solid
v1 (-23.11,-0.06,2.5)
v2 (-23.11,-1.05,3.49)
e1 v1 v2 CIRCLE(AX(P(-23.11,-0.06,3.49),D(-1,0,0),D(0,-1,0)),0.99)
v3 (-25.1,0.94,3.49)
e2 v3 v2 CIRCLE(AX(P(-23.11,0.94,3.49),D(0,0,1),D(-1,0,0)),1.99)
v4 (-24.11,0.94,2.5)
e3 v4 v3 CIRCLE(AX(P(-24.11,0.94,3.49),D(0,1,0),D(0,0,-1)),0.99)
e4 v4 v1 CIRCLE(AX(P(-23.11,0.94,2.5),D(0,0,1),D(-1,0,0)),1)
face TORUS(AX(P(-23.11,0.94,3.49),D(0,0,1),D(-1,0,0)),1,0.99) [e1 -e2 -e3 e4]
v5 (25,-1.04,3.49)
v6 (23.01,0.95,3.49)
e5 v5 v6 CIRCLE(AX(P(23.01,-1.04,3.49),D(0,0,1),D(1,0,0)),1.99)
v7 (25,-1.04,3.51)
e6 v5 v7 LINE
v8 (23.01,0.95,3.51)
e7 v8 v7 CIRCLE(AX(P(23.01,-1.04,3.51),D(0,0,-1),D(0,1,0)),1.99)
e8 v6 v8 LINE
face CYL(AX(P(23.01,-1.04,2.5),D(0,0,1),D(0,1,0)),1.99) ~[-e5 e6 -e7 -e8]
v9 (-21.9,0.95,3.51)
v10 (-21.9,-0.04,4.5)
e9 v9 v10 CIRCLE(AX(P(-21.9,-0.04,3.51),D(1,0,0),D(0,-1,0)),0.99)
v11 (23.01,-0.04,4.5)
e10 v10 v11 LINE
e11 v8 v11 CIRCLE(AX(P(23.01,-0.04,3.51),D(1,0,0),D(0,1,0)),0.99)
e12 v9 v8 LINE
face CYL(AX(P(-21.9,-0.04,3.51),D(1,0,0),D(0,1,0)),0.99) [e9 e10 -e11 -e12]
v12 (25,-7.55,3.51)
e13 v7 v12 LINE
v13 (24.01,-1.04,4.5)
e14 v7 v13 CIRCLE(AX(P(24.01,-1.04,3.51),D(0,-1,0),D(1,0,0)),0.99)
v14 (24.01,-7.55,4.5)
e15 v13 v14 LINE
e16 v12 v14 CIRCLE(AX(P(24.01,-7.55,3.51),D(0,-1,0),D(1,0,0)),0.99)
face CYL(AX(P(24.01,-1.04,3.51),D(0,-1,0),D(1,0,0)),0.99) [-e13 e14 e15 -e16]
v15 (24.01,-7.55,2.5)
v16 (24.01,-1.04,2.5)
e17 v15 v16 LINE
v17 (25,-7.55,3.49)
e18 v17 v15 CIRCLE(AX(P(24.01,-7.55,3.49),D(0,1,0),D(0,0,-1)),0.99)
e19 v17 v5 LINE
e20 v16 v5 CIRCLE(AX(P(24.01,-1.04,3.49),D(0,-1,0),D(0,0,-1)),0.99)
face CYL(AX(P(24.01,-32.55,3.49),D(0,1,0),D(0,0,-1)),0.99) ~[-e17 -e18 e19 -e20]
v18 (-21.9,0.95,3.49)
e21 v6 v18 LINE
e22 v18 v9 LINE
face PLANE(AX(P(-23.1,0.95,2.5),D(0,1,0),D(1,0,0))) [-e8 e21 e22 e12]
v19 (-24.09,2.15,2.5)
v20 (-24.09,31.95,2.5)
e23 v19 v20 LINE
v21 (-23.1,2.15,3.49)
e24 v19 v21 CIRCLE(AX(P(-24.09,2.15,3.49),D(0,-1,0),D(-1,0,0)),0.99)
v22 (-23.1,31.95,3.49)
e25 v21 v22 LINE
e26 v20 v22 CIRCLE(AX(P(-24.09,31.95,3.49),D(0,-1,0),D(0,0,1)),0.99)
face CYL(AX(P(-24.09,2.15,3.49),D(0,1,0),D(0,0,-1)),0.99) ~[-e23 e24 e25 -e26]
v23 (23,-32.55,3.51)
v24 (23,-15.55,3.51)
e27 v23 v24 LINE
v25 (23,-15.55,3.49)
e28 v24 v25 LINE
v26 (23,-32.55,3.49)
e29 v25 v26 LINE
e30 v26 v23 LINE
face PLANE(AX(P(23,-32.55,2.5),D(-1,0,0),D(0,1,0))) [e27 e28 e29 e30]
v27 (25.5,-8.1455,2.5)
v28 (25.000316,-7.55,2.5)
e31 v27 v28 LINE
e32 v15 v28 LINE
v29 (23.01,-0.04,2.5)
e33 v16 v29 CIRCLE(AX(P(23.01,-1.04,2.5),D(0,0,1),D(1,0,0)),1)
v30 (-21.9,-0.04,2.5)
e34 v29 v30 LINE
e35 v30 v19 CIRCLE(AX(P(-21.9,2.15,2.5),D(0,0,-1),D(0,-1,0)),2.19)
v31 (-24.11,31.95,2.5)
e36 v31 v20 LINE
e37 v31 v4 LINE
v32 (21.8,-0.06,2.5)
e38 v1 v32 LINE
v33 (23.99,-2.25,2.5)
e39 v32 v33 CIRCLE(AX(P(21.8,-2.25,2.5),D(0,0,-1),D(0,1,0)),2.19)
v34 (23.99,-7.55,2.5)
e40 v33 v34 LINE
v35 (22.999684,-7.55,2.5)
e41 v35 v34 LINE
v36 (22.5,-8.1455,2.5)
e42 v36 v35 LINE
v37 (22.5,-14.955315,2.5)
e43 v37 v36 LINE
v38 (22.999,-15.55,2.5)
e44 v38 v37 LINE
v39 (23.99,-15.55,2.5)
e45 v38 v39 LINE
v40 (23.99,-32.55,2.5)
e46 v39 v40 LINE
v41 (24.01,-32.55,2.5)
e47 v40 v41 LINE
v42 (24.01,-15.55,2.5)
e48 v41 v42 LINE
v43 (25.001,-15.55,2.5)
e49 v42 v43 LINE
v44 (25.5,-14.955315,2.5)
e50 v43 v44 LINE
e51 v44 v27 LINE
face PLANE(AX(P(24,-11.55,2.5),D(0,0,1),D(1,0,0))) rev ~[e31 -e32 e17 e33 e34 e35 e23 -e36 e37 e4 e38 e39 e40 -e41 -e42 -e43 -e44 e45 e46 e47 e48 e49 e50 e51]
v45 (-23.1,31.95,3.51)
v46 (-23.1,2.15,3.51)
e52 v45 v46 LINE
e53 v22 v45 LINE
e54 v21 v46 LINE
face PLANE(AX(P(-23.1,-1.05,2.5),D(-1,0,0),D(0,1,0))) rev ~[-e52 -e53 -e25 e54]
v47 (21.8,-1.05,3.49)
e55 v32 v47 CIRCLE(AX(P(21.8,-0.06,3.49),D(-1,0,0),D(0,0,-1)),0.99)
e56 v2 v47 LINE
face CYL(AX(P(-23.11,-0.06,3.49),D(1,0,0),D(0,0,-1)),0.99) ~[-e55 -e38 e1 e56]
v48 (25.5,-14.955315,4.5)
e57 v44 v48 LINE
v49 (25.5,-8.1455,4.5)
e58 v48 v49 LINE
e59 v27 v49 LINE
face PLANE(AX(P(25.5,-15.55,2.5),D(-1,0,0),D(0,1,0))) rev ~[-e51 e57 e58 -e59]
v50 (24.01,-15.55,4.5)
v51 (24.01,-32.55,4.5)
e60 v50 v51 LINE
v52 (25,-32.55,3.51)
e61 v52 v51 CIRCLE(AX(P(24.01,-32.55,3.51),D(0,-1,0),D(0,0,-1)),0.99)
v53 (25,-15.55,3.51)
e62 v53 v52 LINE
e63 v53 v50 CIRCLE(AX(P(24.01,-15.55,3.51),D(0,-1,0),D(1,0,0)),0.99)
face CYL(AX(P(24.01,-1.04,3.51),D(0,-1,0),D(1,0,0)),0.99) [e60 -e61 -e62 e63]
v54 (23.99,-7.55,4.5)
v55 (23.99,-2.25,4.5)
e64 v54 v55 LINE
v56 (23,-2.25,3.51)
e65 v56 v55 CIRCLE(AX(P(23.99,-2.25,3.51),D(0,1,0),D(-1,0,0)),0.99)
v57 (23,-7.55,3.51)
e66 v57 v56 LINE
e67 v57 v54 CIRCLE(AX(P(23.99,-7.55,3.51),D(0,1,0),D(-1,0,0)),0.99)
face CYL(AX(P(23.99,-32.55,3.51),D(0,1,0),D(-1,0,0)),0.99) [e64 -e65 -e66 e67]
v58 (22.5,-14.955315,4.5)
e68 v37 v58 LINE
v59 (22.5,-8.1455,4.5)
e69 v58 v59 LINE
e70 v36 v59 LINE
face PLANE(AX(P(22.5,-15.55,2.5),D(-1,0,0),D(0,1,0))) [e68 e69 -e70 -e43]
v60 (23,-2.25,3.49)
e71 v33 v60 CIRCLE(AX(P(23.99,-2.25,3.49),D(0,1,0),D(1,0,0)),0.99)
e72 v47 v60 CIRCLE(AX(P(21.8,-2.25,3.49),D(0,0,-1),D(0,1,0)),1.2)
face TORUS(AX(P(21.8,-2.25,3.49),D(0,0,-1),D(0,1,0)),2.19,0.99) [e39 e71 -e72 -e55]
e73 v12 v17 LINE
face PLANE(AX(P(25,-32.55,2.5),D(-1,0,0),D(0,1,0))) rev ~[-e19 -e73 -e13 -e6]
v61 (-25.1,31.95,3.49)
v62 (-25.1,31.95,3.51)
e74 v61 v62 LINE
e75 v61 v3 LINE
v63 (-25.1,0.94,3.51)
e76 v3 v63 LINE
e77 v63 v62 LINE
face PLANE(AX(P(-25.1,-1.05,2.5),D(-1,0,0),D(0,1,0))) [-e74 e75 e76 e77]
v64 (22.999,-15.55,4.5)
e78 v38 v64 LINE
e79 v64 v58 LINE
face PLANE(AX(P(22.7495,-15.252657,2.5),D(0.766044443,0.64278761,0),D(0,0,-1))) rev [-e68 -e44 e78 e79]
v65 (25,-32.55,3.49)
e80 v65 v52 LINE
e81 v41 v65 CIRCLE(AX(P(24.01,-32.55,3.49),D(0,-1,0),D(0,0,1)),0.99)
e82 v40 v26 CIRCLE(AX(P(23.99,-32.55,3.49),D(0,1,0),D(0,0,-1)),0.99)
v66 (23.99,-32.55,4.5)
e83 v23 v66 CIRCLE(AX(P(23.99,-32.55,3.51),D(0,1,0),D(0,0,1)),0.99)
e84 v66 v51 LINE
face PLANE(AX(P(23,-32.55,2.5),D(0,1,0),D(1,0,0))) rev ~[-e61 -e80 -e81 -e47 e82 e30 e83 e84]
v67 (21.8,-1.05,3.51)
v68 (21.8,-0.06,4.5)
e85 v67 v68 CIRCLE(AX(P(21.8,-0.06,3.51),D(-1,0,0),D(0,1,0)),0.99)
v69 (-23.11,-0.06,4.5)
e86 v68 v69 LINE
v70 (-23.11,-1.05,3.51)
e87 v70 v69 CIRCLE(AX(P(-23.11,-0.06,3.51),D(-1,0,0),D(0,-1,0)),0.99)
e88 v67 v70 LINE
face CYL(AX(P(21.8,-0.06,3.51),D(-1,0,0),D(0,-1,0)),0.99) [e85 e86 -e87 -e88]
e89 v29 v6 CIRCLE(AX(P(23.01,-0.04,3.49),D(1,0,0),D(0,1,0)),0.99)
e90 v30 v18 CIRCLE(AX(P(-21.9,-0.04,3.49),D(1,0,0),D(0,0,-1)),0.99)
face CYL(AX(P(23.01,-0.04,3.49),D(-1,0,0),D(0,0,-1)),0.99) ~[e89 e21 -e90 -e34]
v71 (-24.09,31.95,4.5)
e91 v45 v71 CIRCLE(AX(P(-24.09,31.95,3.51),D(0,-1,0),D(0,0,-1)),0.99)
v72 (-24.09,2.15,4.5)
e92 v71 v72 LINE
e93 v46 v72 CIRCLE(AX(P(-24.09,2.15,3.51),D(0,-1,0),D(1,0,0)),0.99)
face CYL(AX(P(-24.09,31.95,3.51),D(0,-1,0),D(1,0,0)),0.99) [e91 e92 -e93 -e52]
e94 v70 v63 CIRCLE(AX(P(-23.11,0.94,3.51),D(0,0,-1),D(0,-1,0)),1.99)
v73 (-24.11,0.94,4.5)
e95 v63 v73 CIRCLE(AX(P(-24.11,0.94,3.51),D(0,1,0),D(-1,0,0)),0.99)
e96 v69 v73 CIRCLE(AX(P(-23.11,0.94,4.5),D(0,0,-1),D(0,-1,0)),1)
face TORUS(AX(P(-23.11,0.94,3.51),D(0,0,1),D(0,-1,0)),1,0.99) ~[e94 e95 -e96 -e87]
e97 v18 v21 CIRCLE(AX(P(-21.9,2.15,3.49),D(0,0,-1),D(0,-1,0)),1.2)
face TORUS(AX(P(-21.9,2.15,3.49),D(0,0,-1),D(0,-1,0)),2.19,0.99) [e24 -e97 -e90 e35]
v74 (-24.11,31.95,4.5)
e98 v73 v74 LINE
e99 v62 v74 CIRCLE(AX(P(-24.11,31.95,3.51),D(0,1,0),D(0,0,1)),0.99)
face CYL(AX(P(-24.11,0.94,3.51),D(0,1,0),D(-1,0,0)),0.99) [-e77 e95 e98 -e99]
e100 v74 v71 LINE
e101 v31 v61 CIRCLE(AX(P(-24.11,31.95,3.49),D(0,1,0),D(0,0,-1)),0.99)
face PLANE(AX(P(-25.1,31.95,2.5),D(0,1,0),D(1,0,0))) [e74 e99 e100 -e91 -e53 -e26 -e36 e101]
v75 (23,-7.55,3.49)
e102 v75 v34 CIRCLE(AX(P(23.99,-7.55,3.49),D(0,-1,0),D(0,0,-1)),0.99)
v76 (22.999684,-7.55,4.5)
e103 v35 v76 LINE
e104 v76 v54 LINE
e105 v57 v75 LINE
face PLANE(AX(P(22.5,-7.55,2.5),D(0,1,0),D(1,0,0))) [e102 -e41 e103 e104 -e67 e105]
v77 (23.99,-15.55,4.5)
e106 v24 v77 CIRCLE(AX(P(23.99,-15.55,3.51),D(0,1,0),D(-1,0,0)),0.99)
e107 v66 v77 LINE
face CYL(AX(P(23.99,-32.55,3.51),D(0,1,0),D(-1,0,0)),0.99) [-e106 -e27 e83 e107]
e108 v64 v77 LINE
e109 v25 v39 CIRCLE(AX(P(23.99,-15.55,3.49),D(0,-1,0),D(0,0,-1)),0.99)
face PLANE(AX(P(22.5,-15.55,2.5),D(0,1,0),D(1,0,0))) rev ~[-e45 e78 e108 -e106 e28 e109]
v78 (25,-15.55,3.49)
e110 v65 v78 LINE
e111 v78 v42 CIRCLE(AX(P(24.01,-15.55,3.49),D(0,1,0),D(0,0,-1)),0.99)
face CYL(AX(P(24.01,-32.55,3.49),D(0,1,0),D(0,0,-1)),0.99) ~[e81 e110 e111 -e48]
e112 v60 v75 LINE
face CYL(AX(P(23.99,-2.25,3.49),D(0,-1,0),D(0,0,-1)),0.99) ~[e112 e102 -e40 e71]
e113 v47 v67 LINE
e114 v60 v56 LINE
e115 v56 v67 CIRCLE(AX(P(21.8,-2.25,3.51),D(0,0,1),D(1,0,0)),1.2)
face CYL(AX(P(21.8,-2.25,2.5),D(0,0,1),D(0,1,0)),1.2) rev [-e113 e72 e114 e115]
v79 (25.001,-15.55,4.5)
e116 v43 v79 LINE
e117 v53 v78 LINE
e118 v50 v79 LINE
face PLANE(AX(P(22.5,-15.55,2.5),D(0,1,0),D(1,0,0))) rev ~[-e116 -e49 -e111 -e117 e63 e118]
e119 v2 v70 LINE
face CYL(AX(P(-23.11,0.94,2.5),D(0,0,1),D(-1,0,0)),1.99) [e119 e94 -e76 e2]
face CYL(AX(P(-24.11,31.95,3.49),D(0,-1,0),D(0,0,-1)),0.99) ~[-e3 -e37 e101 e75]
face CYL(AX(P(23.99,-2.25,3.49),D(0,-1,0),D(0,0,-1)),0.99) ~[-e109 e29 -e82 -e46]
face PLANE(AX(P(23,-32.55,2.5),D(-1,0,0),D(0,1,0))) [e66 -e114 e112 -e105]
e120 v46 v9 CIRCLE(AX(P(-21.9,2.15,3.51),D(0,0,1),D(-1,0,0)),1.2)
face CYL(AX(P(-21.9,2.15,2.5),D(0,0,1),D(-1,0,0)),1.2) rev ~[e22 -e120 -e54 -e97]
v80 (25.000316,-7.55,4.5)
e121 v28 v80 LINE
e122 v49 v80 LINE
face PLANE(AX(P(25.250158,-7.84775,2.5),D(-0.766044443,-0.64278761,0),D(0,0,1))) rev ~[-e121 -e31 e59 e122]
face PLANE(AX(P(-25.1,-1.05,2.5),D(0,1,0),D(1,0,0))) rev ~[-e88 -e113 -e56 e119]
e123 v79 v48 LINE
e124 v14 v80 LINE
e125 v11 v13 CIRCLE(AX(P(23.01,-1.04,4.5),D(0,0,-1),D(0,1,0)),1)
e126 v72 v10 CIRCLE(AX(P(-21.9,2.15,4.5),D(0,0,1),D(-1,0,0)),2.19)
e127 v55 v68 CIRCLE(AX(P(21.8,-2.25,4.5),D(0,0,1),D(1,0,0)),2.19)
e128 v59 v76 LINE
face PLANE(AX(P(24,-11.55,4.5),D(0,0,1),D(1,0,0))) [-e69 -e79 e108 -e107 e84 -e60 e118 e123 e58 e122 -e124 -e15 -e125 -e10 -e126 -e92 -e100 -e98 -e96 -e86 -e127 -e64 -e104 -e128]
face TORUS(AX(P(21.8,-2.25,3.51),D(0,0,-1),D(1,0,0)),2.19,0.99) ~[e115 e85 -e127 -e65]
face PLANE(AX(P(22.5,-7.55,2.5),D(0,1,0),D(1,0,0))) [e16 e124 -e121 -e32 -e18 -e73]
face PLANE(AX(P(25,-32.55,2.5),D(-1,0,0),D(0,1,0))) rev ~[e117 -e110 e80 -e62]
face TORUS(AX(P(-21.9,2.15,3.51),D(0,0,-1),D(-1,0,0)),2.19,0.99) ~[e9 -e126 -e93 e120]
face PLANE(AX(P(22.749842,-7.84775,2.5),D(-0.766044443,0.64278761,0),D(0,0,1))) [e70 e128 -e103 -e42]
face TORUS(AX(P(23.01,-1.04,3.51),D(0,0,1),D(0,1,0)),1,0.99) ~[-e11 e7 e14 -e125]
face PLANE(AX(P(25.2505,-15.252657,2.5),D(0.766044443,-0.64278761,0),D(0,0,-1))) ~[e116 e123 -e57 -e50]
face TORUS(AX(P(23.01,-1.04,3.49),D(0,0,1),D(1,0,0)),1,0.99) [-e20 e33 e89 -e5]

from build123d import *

# Parameters (mm, degrees)
BOX010_W           = 2
BOX010_H           = 33.5
BOX010_DEPTH       = 2
BOX011_W           = 46.1
BOX011_H           = 2
BOX011_DEPTH       = 2
BOX012_W           = 2
BOX012_H           = 33
BOX012_DEPTH       = 2
FILLET_R           = 1.99
FILLET001_R        = 1.2
FILLET002_R        = 0.99
BOX013_W           = 3
BOX013_H           = 8
BOX013_DEPTH       = 2
CHAMFER_1_ANGLE    = 50
CHAMFER_1_SIZE     = 0.499
CHAMFER_2_ANGLE    = 50
CHAMFER_2_SIZE     = 0.499
CHAMFER001_1_ANGLE = 40
CHAMFER001_1_SIZE  = 0.5955
CHAMFER001_2_ANGLE = 40
CHAMFER001_2_SIZE  = 0.5955


with BuildPart() as part:
    # Box010 → Box010 (join)
    with BuildSketch(Plane(origin=(23, -32, 2.5), x_dir=(1, 0, 0), z_dir=(0, 0, 1))):
        with Locations((1, 16.75)):
            Rectangle(BOX010_W, BOX010_H)
    extrude(amount=BOX010_DEPTH)

    # Box011 → Box011 (join)
    with BuildSketch(Plane(origin=(-23.1, -0.5, 2.5), x_dir=(1, 0, 0), z_dir=(0, 0, 1))):
        with Locations((23.05, 1)):
            Rectangle(BOX011_W, BOX011_H)
    extrude(amount=BOX011_DEPTH)

    # Box012 → Box012 (join)
    with BuildSketch(Plane(origin=(-25.1, -0.5, 2.5), x_dir=(1, 0, 0), z_dir=(0, 0, 1))):
        with Locations((1, 16.5)):
            Rectangle(BOX012_W, BOX012_H)
    extrude(amount=BOX012_DEPTH)

    # Fillet
    fillet_edges = [part.edges().sort_by_distance(p)[0] for p in [
        (-25.1, -0.5, 3.5),
        (25, 1.5, 3.5),
    ]]
    fillet(fillet_edges, radius=FILLET_R)

    # Fillet001
    fillet001_edges = [part.edges().sort_by_distance(p)[0] for p in [
        (23, -0.5, 3.5),
        (-23.1, 1.5, 3.5),
    ]]
    fillet(fillet001_edges, radius=FILLET001_R)

    # Fillet002
    fillet002_edges = [part.edges().sort_by_distance(p)[0] for p in [
        (24.417142, 0.917142, 4.5),
        (25, -16.245, 4.5),
        (0.55, 1.5, 4.5),
        (-22.748528, 1.851472, 4.5),
        (-23.1, 17.6, 4.5),
        (25, -16.245, 2.5),
        (24.417142, 0.917142, 2.5),
        (0.55, 1.5, 2.5),
        (-0.65, -0.5, 2.5),
        (22.648528, -0.851472, 2.5),
        (23, -16.85, 2.5),
        (-24.517142, 0.082858, 2.5),
        (-25.1, 16.995, 2.5),
        (-23.1, 17.6, 2.5),
        (-22.748528, 1.851472, 2.5),
        (23, -16.85, 4.5),
        (22.648528, -0.851472, 4.5),
        (-0.65, -0.5, 4.5),
        (-24.517142, 0.082858, 4.5),
        (-25.1, 16.995, 4.5),
        (-23.105, -0.5, 4.5),
    ]]
    fillet(fillet002_edges, radius=FILLET002_R)

    # Box013 → Box013 (join)
    with BuildSketch(Plane(origin=(22.5, -15, 2.5), x_dir=(1, 0, 0), z_dir=(0, 0, 1))):
        with Locations((1.5, 4)):
            Rectangle(BOX013_W, BOX013_H)
    extrude(amount=BOX013_DEPTH)

    # Chamfer 1
    chamfer_1_edges = [part.edges().sort_by_distance(p)[0] for p in [
        (22.5, -15, 3.5),
    ]]
    chamfer_1_side = part.faces().sort_by_distance((22.889504, -15, 3.5))[0]
    chamfer(chamfer_1_edges, length=CHAMFER_1_SIZE, angle=CHAMFER_1_ANGLE, reference=chamfer_1_side)

    # Chamfer 2
    chamfer_2_edges = [part.edges().sort_by_distance(p)[0] for p in [
        (25.5, -15, 3.5),
    ]]
    chamfer_2_side = part.faces().sort_by_distance((25.110496, -15, 3.5))[0]
    chamfer(chamfer_2_edges, length=CHAMFER_2_SIZE, angle=CHAMFER_2_ANGLE, reference=chamfer_2_side)

    # Chamfer001 1
    chamfer001_1_edges = [part.edges().sort_by_distance(p)[0] for p in [
        (25.5, -7, 3.5),
    ]]
    chamfer001_1_side = part.faces().sort_by_distance((25.5, -10.702657, 3.5))[0]
    chamfer(chamfer001_1_edges, length=CHAMFER001_1_SIZE, angle=CHAMFER001_1_ANGLE, reference=chamfer001_1_side)

    # Chamfer001 2
    chamfer001_2_edges = [part.edges().sort_by_distance(p)[0] for p in [
        (22.5, -7, 3.5),
    ]]
    chamfer001_2_side = part.faces().sort_by_distance((22.5, -10.702657, 3.5))[0]
    chamfer(chamfer001_2_edges, length=CHAMFER001_2_SIZE, angle=CHAMFER001_2_ANGLE, reference=chamfer001_2_side)


with BuildPart() as part_1:
    # Body001 placement: moved
    add(part.part.moved(Location((0, -0.55, 0))))


solid = part_1.part
